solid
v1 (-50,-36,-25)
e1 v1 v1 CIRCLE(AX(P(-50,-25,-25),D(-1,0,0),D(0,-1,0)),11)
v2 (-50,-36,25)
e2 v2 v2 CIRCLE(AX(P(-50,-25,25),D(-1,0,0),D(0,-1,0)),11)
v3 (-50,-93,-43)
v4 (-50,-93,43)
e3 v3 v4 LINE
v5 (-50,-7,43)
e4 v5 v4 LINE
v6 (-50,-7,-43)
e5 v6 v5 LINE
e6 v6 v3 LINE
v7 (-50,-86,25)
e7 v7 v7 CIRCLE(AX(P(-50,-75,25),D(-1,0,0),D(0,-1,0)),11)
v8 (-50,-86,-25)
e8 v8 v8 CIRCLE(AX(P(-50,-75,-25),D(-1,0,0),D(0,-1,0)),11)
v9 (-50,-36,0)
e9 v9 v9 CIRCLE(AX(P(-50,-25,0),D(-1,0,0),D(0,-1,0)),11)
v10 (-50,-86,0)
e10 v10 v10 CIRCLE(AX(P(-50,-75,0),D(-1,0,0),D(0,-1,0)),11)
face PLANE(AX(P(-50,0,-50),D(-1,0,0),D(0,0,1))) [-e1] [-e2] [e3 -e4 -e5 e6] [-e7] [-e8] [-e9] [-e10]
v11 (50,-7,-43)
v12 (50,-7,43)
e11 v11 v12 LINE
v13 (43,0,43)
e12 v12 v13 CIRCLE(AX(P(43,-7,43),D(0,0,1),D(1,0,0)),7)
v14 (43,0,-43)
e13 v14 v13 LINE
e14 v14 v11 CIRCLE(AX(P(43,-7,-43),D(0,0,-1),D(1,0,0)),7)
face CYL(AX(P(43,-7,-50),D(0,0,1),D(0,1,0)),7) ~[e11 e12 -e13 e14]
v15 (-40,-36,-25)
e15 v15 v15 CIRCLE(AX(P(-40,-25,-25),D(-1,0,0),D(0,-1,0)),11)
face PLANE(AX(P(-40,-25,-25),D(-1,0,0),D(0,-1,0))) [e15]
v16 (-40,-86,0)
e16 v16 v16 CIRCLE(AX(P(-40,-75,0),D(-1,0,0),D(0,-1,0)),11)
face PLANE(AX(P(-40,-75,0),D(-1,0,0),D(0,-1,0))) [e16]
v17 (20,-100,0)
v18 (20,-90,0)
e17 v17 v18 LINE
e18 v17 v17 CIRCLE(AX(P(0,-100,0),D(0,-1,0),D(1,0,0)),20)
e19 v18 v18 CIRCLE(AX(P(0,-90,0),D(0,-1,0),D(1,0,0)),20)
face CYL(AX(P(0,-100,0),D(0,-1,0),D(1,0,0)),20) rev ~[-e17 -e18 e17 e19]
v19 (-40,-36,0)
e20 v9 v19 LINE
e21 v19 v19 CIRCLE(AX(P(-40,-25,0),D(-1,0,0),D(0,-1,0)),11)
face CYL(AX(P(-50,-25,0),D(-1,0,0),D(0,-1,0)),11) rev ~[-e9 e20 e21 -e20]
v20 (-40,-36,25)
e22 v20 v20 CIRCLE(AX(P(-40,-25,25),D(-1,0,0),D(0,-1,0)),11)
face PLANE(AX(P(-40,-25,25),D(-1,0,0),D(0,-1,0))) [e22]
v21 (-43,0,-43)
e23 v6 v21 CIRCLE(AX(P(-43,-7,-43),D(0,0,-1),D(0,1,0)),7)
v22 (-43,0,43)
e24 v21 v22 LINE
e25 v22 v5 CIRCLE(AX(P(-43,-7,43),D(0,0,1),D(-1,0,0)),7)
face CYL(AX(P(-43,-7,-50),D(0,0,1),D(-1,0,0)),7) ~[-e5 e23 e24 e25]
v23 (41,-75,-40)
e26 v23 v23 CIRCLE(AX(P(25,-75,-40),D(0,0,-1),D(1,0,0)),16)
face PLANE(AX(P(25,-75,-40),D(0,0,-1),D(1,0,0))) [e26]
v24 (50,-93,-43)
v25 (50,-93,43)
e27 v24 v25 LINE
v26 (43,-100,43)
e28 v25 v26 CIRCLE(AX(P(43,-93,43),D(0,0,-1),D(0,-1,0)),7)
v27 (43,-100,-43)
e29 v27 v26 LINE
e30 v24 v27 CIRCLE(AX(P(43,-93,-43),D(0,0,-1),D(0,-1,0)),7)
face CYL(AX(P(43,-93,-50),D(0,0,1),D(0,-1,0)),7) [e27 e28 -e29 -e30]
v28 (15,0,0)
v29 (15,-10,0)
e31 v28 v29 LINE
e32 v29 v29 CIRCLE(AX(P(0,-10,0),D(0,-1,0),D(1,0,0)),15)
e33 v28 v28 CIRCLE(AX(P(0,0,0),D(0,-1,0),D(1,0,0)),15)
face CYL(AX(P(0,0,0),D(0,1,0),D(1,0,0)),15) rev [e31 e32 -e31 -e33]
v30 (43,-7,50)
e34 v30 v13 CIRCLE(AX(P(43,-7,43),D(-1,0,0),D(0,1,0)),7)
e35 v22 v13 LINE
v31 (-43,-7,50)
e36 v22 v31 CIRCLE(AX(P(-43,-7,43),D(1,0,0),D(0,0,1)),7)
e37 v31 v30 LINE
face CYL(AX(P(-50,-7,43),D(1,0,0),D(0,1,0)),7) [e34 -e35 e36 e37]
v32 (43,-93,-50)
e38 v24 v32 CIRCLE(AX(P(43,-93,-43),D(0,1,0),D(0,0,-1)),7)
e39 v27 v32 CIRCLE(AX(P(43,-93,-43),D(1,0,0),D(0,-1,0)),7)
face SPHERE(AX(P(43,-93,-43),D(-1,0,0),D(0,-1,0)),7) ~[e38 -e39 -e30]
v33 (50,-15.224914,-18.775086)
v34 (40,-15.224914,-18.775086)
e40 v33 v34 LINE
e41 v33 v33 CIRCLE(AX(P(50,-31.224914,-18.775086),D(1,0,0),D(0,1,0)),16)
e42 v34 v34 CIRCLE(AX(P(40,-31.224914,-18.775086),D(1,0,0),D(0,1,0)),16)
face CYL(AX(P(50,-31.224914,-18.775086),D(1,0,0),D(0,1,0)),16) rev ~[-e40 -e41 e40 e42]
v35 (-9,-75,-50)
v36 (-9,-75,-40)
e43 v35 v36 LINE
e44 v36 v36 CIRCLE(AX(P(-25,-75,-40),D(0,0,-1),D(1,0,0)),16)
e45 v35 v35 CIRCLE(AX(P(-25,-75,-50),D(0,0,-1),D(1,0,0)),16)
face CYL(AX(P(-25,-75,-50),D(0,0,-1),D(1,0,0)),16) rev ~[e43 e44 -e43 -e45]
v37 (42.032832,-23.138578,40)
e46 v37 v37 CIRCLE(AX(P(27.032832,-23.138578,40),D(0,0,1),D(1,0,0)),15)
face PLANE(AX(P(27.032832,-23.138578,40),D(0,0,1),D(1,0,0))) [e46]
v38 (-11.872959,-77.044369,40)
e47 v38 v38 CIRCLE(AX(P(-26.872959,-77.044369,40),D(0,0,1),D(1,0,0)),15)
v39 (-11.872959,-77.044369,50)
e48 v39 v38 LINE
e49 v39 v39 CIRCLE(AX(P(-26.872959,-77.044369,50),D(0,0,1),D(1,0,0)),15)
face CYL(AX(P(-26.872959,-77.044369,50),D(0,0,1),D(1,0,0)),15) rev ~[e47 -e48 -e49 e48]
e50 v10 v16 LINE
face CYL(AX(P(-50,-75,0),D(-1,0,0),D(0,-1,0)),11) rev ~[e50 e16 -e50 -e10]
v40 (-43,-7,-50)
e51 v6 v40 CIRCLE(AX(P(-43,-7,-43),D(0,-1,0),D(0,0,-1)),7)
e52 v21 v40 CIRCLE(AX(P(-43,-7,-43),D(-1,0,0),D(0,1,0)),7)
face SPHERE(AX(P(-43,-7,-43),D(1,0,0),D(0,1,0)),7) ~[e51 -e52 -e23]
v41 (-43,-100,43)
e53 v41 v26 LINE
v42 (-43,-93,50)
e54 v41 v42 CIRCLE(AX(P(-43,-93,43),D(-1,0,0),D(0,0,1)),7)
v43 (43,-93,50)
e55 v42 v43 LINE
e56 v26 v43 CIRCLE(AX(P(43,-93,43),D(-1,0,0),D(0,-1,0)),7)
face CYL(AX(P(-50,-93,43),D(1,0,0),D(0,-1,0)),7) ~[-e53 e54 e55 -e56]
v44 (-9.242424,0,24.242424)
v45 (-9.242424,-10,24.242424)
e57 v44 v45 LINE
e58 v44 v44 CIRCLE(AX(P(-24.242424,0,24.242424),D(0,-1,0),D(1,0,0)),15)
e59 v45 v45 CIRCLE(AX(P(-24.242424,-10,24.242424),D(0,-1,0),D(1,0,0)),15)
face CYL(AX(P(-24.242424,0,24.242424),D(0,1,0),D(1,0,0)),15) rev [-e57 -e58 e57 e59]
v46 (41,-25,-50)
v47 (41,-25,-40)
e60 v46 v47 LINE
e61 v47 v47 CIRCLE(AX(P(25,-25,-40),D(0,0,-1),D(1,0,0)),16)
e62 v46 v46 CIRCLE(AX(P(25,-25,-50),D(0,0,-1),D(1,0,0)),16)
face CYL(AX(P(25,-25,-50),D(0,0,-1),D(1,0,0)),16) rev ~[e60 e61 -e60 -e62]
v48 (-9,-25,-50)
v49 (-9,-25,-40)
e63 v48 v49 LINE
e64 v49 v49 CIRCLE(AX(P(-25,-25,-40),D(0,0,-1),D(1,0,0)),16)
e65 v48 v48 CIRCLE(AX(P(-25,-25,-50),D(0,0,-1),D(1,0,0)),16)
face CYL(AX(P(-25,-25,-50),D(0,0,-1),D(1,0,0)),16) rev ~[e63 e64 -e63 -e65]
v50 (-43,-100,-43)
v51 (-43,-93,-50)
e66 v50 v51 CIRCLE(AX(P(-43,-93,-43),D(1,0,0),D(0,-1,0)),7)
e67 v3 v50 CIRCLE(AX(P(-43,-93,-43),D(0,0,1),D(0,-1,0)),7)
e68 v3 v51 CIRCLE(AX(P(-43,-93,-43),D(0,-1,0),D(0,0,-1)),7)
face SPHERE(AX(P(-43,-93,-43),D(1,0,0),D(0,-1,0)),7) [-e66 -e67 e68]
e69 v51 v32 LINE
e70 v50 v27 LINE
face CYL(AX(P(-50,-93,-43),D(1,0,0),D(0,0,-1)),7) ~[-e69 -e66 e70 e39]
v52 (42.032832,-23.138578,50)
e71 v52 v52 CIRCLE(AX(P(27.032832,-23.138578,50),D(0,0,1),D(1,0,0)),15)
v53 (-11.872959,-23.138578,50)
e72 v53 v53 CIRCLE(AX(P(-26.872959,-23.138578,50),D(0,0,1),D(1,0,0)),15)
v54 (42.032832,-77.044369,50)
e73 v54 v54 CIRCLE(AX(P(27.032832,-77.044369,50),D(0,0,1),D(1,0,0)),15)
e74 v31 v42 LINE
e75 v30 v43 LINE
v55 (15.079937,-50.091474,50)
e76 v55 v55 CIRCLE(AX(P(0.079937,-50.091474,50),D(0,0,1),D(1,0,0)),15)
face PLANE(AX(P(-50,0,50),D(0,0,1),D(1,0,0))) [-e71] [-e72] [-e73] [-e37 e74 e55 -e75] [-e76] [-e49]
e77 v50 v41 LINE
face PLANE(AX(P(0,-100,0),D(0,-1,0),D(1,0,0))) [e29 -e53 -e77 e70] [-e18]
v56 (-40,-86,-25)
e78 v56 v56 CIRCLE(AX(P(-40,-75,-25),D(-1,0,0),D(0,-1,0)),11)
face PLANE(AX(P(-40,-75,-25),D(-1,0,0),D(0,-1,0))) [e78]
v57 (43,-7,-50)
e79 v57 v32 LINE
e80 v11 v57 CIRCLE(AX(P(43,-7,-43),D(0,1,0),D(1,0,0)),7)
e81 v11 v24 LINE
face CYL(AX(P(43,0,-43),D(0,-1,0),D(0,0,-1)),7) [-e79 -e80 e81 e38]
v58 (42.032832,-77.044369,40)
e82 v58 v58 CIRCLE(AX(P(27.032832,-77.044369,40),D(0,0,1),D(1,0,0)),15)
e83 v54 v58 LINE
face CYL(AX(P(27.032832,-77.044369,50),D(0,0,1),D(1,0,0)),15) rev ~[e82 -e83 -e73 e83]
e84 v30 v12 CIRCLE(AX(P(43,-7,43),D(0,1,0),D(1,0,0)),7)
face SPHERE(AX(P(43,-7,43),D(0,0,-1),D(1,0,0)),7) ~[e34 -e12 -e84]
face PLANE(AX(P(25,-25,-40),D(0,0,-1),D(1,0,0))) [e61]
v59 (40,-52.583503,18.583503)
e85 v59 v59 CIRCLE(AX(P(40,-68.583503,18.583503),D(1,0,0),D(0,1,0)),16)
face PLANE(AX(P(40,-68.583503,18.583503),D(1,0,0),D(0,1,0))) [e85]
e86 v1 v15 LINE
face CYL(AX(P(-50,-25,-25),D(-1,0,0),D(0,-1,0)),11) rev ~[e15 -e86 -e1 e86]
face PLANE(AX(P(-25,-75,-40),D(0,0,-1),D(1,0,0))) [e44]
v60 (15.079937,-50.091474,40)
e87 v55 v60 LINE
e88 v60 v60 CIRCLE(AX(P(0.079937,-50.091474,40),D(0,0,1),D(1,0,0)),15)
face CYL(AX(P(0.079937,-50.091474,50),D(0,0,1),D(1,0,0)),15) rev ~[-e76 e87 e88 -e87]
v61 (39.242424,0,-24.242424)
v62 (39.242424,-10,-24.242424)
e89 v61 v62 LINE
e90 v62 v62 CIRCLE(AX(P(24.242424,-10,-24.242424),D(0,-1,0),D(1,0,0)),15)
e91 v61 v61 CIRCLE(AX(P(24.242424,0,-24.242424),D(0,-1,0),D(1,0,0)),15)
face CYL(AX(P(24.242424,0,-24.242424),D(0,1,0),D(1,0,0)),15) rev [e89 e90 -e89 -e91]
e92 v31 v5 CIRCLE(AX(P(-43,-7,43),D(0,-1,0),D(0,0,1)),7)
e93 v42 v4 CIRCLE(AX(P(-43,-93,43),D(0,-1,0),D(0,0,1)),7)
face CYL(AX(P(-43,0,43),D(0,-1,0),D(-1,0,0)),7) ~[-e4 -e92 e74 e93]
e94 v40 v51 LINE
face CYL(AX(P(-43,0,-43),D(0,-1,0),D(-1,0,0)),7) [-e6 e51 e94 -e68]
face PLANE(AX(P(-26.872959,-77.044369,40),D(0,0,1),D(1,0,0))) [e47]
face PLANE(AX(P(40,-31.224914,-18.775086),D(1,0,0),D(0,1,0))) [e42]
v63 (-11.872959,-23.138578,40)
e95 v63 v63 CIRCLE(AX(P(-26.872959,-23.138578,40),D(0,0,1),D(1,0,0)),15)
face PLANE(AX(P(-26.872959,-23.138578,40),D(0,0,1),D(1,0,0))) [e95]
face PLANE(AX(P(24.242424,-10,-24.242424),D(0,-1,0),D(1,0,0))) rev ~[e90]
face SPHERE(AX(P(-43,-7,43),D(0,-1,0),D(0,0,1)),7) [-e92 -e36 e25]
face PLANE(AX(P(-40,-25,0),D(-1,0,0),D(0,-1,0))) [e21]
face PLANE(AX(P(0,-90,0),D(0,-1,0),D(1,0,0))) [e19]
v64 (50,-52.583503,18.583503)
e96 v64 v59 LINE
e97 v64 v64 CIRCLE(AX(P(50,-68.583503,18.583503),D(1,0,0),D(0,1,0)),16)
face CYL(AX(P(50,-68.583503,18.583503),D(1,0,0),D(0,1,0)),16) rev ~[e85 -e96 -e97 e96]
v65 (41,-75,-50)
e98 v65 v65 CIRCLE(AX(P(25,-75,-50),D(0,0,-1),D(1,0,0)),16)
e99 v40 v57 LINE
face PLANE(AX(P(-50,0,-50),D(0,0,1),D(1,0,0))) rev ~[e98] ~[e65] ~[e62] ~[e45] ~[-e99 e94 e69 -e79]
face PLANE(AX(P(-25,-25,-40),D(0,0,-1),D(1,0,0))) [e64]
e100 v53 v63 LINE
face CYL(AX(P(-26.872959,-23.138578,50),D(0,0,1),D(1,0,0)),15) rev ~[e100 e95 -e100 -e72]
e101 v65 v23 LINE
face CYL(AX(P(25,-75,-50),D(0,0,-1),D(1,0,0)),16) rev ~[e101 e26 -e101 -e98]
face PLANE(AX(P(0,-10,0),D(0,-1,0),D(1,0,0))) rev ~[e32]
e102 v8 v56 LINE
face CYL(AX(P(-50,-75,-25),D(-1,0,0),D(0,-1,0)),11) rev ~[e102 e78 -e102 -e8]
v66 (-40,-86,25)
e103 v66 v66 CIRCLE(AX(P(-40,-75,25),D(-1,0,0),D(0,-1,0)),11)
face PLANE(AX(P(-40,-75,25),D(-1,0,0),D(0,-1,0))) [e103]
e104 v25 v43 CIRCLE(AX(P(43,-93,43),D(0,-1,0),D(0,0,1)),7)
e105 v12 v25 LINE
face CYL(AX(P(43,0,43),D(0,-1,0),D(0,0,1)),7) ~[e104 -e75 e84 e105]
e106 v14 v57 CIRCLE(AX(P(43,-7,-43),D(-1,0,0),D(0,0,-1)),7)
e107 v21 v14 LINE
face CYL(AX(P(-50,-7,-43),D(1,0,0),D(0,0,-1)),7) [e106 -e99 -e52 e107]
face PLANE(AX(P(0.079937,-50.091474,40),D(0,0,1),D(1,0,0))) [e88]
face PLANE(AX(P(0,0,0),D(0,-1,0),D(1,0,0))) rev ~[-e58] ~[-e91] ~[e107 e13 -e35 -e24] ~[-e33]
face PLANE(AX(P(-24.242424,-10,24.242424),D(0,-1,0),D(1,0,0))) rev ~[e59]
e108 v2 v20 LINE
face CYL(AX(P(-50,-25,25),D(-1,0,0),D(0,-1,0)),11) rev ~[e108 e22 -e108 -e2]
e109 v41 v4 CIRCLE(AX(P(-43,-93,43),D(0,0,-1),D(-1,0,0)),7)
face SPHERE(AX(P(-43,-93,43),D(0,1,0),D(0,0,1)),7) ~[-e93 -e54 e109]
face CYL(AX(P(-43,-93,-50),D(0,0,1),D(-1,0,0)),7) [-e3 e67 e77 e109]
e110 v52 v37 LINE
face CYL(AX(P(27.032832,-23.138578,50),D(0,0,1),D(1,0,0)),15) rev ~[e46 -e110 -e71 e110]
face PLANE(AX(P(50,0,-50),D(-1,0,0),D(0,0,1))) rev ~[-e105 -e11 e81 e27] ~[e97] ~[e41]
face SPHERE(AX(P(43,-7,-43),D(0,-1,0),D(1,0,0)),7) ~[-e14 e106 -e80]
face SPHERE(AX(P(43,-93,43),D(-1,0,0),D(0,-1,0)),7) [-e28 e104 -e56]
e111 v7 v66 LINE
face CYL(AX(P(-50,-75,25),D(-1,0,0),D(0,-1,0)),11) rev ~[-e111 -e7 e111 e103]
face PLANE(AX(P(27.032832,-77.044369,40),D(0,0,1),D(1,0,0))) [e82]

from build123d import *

# Parameters (mm, degrees)
F0_W      = 100
F0_H      = 100
F1_DEPTH  = 100
F3_R      = 20
F4_DEPTH  = 10
F5_R      = 15
F6_DEPTH  = 10
F7_R      = 16
F8_DEPTH  = 10
F2_R      = 16
F9_DEPTH  = 10
F10_R     = 11
F11_DEPTH = 10
F12_R     = 15
F13_DEPTH = 10
F14_R     = 7


with BuildPart() as f1:
    # F0 (on Front) → F1 (new body)
    with BuildSketch(Plane.XZ):
        Rectangle(F0_W, F0_H)
    extrude(amount=F1_DEPTH)

    # F3 (on face) → F4 (cut)
    with BuildSketch(Plane.XZ.offset(100)):
        Circle(F3_R)
    extrude(amount=-F4_DEPTH, mode=Mode.SUBTRACT)

    # F5 (on face) → F6 (cut)
    with BuildSketch(Plane.XY.offset(50)):
        with Locations((-26.872959, -77.044369)):
            Circle(F5_R)
        with Locations((27.032832, -77.044369)):
            Circle(F5_R)
        with Locations((27.032832, -23.138578)):
            Circle(F5_R)
        with Locations((-26.872959, -23.138578)):
            Circle(F5_R)
        with Locations((0.079937, -50.091474)):
            Circle(F5_R)
    extrude(amount=-F6_DEPTH, mode=Mode.SUBTRACT)

    # F7 (on face) → F8 (cut)
    with BuildSketch(Plane(origin=(0, 0, -50), x_dir=(1, 0, 0), z_dir=(0, 0, -1))):
        with Locations((-25, 75)):
            Circle(F7_R)
        with Locations((25, 75)):
            Circle(F7_R)
        with Locations((25, 25)):
            Circle(F7_R)
        with Locations((-25, 25)):
            Circle(F7_R)
    extrude(amount=-F8_DEPTH, mode=Mode.SUBTRACT)

    # F2 (on face) → F9 (cut)
    with BuildSketch(Plane.YZ.offset(50)):
        with Locations((-68.583503, 18.583503)):
            Circle(F2_R)
        with Locations((-31.224914, -18.775086)):
            Circle(F2_R)
    extrude(amount=-F9_DEPTH, mode=Mode.SUBTRACT)

    # F10 (on face) → F11 (cut)
    with BuildSketch(Plane(origin=(-50, 0, 0), x_dir=(0, -1, 0), z_dir=(-1, 0, 0))):
        with Locations((25, 25)):
            Circle(F10_R)
        with Locations((25, 0)):
            Circle(F10_R)
        with Locations((25, -25)):
            Circle(F10_R)
        with Locations((75, -25)):
            Circle(F10_R)
        with Locations((75, 0)):
            Circle(F10_R)
        with Locations((75, 25)):
            Circle(F10_R)
    extrude(amount=-F11_DEPTH, mode=Mode.SUBTRACT)

    # F12 (on face) → F13 (cut)
    with BuildSketch(Plane.XZ):
        Circle(F12_R)
        with Locations((-24.242424, 24.242424)):
            Circle(F12_R)
        with Locations((24.242424, -24.242424)):
            Circle(F12_R)
    extrude(amount=F13_DEPTH, mode=Mode.SUBTRACT)

    # F14
    f14_edges = [f1.edges().sort_by_distance(p)[0] for p in [
        (-50, -50, 50),
        (0, -100, -50),
        (0, -100, 50),
        (-50, -100, 0),
        (50, -100, 0),
        (50, -50, -50),
        (50, 0, 0),
        (50, -50, 50),
        (0, 0, 50),
        (0, 0, -50),
        (-50, 0, 0),
        (-50, -50, -50),
    ]]
    fillet(f14_edges, radius=F14_R)


solid = f1.part
